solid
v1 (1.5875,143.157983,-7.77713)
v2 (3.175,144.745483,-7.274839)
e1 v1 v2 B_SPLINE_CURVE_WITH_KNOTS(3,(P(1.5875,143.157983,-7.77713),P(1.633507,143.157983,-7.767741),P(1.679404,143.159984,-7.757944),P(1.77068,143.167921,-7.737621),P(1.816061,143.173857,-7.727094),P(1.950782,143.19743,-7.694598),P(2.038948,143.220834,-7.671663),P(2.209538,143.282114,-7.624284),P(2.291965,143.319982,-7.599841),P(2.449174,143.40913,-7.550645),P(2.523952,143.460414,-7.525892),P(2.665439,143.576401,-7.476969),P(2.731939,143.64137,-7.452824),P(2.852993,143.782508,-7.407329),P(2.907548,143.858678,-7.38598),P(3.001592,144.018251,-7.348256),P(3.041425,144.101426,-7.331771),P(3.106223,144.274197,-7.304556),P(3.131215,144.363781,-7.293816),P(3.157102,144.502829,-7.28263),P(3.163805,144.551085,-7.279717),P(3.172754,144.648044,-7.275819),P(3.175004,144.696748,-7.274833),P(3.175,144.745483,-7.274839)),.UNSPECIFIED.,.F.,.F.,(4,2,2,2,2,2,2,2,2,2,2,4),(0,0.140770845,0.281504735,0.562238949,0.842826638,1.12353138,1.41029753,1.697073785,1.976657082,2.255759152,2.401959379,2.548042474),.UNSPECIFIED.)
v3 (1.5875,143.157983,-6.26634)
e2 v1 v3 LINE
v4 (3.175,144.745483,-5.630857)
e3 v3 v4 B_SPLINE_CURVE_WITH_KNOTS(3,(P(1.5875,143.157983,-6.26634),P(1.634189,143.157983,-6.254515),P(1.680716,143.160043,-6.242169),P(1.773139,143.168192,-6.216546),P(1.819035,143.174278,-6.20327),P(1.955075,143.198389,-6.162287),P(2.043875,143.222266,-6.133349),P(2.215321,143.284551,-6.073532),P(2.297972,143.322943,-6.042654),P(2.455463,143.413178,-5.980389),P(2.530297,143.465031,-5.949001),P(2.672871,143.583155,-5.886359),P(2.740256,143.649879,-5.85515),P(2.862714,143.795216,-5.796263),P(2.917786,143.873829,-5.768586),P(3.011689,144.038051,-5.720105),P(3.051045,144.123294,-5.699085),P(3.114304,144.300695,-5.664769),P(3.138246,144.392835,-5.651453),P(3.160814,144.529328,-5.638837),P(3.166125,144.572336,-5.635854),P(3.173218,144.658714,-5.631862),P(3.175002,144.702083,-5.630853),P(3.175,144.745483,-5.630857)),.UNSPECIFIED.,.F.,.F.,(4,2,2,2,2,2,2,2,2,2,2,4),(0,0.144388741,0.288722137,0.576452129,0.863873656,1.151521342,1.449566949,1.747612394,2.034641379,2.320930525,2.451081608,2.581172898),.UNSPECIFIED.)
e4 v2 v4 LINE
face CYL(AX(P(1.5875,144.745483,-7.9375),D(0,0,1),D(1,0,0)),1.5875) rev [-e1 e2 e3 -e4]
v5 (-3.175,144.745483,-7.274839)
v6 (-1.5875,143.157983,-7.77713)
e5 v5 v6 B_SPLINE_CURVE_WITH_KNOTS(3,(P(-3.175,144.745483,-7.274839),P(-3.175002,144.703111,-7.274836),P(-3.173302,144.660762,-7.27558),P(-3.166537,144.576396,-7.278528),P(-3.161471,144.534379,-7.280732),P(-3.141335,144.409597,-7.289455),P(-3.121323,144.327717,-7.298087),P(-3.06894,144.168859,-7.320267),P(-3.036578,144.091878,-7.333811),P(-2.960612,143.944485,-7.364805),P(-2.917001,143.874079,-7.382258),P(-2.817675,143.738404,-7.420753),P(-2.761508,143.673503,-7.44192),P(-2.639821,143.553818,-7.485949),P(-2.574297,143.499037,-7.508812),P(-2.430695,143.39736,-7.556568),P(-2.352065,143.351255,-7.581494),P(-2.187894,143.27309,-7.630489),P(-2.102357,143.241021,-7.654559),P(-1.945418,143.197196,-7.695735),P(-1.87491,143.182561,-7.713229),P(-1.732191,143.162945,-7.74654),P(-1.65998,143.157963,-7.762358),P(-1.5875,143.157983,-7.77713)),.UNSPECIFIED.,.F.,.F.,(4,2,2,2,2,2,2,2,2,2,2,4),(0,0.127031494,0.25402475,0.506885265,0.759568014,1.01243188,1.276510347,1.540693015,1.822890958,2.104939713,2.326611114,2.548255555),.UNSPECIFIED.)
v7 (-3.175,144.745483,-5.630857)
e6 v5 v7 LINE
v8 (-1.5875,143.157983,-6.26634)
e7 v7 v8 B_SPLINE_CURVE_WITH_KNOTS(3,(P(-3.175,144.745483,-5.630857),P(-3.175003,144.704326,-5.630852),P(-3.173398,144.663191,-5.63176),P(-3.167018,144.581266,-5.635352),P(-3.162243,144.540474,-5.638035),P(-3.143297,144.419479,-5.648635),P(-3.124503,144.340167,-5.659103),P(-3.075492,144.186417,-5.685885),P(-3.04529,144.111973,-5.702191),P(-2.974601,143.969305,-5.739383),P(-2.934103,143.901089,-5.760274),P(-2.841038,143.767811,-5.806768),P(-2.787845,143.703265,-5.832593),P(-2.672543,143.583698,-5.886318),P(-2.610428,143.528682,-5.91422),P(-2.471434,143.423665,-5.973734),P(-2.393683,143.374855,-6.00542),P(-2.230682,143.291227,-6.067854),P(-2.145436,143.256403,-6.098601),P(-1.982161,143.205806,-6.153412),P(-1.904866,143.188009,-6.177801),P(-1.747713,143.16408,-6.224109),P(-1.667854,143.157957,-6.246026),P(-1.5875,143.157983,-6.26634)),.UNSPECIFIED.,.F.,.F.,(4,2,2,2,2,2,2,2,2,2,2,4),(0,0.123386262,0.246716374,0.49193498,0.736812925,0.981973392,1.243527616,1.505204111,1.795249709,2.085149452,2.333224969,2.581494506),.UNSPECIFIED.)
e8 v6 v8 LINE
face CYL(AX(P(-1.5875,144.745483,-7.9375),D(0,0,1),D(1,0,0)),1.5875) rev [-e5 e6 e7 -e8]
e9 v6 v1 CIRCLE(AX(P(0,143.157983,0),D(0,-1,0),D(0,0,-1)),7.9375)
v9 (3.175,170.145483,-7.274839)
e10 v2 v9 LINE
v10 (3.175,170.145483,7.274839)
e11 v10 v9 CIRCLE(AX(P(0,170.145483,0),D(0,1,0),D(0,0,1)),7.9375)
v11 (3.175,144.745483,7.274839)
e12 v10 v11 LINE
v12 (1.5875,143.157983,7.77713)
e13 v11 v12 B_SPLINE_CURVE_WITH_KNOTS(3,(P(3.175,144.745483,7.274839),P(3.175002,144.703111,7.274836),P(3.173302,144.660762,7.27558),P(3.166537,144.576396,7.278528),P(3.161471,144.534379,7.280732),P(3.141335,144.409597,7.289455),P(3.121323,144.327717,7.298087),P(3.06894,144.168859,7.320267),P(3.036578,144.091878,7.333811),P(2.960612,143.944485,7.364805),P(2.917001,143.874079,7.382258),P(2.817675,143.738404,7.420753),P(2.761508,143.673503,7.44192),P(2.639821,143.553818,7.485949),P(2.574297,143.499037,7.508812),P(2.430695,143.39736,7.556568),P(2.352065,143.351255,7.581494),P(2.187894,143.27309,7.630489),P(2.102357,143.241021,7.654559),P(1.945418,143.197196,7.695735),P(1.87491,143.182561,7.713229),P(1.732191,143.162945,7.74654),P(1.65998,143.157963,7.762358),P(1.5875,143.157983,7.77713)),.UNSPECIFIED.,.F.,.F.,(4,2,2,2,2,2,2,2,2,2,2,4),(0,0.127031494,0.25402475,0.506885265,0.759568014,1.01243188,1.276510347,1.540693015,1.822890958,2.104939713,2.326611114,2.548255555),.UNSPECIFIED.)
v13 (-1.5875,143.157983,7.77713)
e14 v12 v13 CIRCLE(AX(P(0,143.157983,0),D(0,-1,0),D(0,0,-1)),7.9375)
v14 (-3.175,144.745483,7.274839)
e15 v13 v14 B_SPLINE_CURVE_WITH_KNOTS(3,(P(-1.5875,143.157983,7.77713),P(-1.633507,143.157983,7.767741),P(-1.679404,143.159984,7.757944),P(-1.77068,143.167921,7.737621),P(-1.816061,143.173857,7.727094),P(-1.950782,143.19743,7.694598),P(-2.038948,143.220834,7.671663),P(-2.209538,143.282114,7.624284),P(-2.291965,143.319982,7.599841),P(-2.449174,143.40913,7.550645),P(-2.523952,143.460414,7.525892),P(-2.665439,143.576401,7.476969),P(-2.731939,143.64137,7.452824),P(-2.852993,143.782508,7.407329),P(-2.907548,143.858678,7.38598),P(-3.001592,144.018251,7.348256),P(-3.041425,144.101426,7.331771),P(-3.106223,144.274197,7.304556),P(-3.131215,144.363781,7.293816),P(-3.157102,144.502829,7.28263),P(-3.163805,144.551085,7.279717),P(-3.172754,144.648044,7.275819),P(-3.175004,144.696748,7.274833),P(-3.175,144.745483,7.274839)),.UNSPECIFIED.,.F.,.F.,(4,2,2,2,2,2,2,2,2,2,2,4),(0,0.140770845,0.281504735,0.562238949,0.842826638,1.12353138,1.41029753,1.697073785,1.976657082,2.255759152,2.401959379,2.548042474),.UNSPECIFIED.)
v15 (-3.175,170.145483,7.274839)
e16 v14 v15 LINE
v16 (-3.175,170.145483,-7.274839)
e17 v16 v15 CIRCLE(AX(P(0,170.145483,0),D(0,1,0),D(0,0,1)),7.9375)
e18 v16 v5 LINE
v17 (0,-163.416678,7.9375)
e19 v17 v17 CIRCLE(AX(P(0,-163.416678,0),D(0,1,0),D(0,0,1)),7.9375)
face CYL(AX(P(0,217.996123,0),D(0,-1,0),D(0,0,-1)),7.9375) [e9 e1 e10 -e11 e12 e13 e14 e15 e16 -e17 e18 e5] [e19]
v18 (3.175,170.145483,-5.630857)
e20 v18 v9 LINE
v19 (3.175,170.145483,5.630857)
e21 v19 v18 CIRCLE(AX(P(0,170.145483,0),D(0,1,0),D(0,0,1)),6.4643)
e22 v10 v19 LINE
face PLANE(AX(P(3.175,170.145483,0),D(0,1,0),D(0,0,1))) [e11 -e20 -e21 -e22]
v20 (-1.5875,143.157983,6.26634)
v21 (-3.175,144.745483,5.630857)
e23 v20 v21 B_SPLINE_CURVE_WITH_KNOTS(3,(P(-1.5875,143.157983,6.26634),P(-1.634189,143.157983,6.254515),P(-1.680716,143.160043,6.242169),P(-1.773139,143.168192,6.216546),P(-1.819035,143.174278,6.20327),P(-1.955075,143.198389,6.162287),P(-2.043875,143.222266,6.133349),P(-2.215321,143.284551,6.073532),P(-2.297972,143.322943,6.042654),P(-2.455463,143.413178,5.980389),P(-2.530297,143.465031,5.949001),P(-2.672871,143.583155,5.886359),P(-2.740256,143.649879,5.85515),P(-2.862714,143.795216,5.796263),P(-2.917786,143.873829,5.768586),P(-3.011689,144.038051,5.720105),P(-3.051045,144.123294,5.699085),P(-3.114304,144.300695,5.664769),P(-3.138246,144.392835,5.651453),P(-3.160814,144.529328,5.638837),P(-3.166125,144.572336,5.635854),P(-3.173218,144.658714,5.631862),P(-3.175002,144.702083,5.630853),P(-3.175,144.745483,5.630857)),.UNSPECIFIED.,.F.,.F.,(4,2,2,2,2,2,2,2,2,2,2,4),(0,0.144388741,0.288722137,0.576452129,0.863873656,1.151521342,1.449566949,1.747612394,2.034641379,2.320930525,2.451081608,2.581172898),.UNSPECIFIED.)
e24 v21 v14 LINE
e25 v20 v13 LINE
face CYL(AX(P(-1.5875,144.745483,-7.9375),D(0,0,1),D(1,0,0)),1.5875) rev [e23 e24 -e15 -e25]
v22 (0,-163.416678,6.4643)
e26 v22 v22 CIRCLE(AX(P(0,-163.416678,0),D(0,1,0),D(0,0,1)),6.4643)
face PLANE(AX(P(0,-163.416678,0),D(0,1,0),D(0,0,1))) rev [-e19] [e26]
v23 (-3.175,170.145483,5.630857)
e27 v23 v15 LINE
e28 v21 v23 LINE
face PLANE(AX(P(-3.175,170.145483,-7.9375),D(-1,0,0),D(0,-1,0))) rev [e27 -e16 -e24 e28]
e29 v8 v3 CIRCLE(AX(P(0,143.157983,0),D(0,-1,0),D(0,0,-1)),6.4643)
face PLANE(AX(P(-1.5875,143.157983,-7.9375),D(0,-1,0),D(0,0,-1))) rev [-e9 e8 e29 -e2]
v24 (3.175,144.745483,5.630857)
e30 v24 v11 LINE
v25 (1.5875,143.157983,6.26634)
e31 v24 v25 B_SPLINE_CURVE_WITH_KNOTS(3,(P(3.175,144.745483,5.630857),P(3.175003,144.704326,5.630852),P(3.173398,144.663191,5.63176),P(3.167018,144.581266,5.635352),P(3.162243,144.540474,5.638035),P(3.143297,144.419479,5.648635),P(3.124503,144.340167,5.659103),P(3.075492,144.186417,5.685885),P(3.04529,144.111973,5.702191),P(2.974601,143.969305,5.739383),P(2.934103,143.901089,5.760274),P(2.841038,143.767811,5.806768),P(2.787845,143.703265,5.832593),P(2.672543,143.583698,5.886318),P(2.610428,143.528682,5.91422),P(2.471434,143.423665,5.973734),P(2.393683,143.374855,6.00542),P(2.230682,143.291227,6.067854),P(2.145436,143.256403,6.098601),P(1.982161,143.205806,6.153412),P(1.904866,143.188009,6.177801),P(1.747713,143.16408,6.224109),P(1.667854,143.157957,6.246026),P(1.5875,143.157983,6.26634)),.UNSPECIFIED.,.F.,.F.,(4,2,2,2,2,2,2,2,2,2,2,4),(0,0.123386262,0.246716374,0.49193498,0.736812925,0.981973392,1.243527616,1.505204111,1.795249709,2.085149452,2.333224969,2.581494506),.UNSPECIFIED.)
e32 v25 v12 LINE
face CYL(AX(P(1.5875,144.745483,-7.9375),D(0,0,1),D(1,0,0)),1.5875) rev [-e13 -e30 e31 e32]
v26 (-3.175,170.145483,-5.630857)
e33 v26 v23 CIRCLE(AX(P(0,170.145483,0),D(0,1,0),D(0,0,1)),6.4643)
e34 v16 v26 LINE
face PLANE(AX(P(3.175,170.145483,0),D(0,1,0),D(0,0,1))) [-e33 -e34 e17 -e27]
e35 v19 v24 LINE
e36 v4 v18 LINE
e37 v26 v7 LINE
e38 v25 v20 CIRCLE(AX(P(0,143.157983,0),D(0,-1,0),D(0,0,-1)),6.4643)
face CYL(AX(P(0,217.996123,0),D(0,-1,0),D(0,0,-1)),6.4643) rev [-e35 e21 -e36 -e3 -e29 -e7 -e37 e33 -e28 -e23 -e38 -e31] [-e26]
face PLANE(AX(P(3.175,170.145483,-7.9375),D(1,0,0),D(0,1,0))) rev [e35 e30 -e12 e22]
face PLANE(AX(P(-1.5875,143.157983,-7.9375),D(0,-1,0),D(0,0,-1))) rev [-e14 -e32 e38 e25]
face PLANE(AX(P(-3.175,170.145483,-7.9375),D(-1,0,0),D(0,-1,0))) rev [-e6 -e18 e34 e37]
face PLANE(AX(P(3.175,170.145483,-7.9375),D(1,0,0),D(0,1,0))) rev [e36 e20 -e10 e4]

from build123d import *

# Parameters (mm, degrees)
BOSS_EXTRUDE1_START     = -163.416678
SKETCH1_R               = 7.9375
SKETCH1_R_2             = 6.4643
BOSS_EXTRUDE1_DEPTH     = 333.562160318
CUT_EXTRUDE1_DEPTH      = 171.515374573
CUT_EXTRUDE1_DEPTH_BACK = 171.515374573


with BuildPart() as part:
    # Sketch1 → Boss-Extrude1 (new body)
    with BuildSketch(Plane(origin=(0, 0, 0), x_dir=(1, 0, 0), z_dir=(0, 1, 0)).offset(BOSS_EXTRUDE1_START)):
        with Locations(Location((0, 0, 0), (0, 0, 270))):
            Circle(SKETCH1_R)
        with Locations(Location((0, 0, 0), (0, 0, 270))):
            Circle(SKETCH1_R_2, mode=Mode.SUBTRACT)
    extrude(amount=BOSS_EXTRUDE1_DEPTH)

    # Sketch2 → Cut-Extrude1 (cut, two sides: drawn at the far end of the back side and taken through both)
    with BuildSketch(Plane.XY.offset(-CUT_EXTRUDE1_DEPTH_BACK)):
        with BuildLine():
            Line((-3.175, 170.145482762), (3.175, 170.145482762))
            Line((3.175, 170.145482762), (3.175, 144.745482762))
            ThreePointArc((3.175, 144.745482762), (2.710032015, 143.622950747), (1.5875, 143.157982762))
            Line((1.5875, 143.157982762), (-1.5875, 143.157982762))
            ThreePointArc((-1.5875, 143.157982762), (-2.710032015, 143.622950747), (-3.175, 144.745482762))
            Line((-3.175, 144.745482762), (-3.175, 170.145482762))
        make_face()
    extrude(amount=CUT_EXTRUDE1_DEPTH + CUT_EXTRUDE1_DEPTH_BACK, mode=Mode.SUBTRACT)


solid = part.part
